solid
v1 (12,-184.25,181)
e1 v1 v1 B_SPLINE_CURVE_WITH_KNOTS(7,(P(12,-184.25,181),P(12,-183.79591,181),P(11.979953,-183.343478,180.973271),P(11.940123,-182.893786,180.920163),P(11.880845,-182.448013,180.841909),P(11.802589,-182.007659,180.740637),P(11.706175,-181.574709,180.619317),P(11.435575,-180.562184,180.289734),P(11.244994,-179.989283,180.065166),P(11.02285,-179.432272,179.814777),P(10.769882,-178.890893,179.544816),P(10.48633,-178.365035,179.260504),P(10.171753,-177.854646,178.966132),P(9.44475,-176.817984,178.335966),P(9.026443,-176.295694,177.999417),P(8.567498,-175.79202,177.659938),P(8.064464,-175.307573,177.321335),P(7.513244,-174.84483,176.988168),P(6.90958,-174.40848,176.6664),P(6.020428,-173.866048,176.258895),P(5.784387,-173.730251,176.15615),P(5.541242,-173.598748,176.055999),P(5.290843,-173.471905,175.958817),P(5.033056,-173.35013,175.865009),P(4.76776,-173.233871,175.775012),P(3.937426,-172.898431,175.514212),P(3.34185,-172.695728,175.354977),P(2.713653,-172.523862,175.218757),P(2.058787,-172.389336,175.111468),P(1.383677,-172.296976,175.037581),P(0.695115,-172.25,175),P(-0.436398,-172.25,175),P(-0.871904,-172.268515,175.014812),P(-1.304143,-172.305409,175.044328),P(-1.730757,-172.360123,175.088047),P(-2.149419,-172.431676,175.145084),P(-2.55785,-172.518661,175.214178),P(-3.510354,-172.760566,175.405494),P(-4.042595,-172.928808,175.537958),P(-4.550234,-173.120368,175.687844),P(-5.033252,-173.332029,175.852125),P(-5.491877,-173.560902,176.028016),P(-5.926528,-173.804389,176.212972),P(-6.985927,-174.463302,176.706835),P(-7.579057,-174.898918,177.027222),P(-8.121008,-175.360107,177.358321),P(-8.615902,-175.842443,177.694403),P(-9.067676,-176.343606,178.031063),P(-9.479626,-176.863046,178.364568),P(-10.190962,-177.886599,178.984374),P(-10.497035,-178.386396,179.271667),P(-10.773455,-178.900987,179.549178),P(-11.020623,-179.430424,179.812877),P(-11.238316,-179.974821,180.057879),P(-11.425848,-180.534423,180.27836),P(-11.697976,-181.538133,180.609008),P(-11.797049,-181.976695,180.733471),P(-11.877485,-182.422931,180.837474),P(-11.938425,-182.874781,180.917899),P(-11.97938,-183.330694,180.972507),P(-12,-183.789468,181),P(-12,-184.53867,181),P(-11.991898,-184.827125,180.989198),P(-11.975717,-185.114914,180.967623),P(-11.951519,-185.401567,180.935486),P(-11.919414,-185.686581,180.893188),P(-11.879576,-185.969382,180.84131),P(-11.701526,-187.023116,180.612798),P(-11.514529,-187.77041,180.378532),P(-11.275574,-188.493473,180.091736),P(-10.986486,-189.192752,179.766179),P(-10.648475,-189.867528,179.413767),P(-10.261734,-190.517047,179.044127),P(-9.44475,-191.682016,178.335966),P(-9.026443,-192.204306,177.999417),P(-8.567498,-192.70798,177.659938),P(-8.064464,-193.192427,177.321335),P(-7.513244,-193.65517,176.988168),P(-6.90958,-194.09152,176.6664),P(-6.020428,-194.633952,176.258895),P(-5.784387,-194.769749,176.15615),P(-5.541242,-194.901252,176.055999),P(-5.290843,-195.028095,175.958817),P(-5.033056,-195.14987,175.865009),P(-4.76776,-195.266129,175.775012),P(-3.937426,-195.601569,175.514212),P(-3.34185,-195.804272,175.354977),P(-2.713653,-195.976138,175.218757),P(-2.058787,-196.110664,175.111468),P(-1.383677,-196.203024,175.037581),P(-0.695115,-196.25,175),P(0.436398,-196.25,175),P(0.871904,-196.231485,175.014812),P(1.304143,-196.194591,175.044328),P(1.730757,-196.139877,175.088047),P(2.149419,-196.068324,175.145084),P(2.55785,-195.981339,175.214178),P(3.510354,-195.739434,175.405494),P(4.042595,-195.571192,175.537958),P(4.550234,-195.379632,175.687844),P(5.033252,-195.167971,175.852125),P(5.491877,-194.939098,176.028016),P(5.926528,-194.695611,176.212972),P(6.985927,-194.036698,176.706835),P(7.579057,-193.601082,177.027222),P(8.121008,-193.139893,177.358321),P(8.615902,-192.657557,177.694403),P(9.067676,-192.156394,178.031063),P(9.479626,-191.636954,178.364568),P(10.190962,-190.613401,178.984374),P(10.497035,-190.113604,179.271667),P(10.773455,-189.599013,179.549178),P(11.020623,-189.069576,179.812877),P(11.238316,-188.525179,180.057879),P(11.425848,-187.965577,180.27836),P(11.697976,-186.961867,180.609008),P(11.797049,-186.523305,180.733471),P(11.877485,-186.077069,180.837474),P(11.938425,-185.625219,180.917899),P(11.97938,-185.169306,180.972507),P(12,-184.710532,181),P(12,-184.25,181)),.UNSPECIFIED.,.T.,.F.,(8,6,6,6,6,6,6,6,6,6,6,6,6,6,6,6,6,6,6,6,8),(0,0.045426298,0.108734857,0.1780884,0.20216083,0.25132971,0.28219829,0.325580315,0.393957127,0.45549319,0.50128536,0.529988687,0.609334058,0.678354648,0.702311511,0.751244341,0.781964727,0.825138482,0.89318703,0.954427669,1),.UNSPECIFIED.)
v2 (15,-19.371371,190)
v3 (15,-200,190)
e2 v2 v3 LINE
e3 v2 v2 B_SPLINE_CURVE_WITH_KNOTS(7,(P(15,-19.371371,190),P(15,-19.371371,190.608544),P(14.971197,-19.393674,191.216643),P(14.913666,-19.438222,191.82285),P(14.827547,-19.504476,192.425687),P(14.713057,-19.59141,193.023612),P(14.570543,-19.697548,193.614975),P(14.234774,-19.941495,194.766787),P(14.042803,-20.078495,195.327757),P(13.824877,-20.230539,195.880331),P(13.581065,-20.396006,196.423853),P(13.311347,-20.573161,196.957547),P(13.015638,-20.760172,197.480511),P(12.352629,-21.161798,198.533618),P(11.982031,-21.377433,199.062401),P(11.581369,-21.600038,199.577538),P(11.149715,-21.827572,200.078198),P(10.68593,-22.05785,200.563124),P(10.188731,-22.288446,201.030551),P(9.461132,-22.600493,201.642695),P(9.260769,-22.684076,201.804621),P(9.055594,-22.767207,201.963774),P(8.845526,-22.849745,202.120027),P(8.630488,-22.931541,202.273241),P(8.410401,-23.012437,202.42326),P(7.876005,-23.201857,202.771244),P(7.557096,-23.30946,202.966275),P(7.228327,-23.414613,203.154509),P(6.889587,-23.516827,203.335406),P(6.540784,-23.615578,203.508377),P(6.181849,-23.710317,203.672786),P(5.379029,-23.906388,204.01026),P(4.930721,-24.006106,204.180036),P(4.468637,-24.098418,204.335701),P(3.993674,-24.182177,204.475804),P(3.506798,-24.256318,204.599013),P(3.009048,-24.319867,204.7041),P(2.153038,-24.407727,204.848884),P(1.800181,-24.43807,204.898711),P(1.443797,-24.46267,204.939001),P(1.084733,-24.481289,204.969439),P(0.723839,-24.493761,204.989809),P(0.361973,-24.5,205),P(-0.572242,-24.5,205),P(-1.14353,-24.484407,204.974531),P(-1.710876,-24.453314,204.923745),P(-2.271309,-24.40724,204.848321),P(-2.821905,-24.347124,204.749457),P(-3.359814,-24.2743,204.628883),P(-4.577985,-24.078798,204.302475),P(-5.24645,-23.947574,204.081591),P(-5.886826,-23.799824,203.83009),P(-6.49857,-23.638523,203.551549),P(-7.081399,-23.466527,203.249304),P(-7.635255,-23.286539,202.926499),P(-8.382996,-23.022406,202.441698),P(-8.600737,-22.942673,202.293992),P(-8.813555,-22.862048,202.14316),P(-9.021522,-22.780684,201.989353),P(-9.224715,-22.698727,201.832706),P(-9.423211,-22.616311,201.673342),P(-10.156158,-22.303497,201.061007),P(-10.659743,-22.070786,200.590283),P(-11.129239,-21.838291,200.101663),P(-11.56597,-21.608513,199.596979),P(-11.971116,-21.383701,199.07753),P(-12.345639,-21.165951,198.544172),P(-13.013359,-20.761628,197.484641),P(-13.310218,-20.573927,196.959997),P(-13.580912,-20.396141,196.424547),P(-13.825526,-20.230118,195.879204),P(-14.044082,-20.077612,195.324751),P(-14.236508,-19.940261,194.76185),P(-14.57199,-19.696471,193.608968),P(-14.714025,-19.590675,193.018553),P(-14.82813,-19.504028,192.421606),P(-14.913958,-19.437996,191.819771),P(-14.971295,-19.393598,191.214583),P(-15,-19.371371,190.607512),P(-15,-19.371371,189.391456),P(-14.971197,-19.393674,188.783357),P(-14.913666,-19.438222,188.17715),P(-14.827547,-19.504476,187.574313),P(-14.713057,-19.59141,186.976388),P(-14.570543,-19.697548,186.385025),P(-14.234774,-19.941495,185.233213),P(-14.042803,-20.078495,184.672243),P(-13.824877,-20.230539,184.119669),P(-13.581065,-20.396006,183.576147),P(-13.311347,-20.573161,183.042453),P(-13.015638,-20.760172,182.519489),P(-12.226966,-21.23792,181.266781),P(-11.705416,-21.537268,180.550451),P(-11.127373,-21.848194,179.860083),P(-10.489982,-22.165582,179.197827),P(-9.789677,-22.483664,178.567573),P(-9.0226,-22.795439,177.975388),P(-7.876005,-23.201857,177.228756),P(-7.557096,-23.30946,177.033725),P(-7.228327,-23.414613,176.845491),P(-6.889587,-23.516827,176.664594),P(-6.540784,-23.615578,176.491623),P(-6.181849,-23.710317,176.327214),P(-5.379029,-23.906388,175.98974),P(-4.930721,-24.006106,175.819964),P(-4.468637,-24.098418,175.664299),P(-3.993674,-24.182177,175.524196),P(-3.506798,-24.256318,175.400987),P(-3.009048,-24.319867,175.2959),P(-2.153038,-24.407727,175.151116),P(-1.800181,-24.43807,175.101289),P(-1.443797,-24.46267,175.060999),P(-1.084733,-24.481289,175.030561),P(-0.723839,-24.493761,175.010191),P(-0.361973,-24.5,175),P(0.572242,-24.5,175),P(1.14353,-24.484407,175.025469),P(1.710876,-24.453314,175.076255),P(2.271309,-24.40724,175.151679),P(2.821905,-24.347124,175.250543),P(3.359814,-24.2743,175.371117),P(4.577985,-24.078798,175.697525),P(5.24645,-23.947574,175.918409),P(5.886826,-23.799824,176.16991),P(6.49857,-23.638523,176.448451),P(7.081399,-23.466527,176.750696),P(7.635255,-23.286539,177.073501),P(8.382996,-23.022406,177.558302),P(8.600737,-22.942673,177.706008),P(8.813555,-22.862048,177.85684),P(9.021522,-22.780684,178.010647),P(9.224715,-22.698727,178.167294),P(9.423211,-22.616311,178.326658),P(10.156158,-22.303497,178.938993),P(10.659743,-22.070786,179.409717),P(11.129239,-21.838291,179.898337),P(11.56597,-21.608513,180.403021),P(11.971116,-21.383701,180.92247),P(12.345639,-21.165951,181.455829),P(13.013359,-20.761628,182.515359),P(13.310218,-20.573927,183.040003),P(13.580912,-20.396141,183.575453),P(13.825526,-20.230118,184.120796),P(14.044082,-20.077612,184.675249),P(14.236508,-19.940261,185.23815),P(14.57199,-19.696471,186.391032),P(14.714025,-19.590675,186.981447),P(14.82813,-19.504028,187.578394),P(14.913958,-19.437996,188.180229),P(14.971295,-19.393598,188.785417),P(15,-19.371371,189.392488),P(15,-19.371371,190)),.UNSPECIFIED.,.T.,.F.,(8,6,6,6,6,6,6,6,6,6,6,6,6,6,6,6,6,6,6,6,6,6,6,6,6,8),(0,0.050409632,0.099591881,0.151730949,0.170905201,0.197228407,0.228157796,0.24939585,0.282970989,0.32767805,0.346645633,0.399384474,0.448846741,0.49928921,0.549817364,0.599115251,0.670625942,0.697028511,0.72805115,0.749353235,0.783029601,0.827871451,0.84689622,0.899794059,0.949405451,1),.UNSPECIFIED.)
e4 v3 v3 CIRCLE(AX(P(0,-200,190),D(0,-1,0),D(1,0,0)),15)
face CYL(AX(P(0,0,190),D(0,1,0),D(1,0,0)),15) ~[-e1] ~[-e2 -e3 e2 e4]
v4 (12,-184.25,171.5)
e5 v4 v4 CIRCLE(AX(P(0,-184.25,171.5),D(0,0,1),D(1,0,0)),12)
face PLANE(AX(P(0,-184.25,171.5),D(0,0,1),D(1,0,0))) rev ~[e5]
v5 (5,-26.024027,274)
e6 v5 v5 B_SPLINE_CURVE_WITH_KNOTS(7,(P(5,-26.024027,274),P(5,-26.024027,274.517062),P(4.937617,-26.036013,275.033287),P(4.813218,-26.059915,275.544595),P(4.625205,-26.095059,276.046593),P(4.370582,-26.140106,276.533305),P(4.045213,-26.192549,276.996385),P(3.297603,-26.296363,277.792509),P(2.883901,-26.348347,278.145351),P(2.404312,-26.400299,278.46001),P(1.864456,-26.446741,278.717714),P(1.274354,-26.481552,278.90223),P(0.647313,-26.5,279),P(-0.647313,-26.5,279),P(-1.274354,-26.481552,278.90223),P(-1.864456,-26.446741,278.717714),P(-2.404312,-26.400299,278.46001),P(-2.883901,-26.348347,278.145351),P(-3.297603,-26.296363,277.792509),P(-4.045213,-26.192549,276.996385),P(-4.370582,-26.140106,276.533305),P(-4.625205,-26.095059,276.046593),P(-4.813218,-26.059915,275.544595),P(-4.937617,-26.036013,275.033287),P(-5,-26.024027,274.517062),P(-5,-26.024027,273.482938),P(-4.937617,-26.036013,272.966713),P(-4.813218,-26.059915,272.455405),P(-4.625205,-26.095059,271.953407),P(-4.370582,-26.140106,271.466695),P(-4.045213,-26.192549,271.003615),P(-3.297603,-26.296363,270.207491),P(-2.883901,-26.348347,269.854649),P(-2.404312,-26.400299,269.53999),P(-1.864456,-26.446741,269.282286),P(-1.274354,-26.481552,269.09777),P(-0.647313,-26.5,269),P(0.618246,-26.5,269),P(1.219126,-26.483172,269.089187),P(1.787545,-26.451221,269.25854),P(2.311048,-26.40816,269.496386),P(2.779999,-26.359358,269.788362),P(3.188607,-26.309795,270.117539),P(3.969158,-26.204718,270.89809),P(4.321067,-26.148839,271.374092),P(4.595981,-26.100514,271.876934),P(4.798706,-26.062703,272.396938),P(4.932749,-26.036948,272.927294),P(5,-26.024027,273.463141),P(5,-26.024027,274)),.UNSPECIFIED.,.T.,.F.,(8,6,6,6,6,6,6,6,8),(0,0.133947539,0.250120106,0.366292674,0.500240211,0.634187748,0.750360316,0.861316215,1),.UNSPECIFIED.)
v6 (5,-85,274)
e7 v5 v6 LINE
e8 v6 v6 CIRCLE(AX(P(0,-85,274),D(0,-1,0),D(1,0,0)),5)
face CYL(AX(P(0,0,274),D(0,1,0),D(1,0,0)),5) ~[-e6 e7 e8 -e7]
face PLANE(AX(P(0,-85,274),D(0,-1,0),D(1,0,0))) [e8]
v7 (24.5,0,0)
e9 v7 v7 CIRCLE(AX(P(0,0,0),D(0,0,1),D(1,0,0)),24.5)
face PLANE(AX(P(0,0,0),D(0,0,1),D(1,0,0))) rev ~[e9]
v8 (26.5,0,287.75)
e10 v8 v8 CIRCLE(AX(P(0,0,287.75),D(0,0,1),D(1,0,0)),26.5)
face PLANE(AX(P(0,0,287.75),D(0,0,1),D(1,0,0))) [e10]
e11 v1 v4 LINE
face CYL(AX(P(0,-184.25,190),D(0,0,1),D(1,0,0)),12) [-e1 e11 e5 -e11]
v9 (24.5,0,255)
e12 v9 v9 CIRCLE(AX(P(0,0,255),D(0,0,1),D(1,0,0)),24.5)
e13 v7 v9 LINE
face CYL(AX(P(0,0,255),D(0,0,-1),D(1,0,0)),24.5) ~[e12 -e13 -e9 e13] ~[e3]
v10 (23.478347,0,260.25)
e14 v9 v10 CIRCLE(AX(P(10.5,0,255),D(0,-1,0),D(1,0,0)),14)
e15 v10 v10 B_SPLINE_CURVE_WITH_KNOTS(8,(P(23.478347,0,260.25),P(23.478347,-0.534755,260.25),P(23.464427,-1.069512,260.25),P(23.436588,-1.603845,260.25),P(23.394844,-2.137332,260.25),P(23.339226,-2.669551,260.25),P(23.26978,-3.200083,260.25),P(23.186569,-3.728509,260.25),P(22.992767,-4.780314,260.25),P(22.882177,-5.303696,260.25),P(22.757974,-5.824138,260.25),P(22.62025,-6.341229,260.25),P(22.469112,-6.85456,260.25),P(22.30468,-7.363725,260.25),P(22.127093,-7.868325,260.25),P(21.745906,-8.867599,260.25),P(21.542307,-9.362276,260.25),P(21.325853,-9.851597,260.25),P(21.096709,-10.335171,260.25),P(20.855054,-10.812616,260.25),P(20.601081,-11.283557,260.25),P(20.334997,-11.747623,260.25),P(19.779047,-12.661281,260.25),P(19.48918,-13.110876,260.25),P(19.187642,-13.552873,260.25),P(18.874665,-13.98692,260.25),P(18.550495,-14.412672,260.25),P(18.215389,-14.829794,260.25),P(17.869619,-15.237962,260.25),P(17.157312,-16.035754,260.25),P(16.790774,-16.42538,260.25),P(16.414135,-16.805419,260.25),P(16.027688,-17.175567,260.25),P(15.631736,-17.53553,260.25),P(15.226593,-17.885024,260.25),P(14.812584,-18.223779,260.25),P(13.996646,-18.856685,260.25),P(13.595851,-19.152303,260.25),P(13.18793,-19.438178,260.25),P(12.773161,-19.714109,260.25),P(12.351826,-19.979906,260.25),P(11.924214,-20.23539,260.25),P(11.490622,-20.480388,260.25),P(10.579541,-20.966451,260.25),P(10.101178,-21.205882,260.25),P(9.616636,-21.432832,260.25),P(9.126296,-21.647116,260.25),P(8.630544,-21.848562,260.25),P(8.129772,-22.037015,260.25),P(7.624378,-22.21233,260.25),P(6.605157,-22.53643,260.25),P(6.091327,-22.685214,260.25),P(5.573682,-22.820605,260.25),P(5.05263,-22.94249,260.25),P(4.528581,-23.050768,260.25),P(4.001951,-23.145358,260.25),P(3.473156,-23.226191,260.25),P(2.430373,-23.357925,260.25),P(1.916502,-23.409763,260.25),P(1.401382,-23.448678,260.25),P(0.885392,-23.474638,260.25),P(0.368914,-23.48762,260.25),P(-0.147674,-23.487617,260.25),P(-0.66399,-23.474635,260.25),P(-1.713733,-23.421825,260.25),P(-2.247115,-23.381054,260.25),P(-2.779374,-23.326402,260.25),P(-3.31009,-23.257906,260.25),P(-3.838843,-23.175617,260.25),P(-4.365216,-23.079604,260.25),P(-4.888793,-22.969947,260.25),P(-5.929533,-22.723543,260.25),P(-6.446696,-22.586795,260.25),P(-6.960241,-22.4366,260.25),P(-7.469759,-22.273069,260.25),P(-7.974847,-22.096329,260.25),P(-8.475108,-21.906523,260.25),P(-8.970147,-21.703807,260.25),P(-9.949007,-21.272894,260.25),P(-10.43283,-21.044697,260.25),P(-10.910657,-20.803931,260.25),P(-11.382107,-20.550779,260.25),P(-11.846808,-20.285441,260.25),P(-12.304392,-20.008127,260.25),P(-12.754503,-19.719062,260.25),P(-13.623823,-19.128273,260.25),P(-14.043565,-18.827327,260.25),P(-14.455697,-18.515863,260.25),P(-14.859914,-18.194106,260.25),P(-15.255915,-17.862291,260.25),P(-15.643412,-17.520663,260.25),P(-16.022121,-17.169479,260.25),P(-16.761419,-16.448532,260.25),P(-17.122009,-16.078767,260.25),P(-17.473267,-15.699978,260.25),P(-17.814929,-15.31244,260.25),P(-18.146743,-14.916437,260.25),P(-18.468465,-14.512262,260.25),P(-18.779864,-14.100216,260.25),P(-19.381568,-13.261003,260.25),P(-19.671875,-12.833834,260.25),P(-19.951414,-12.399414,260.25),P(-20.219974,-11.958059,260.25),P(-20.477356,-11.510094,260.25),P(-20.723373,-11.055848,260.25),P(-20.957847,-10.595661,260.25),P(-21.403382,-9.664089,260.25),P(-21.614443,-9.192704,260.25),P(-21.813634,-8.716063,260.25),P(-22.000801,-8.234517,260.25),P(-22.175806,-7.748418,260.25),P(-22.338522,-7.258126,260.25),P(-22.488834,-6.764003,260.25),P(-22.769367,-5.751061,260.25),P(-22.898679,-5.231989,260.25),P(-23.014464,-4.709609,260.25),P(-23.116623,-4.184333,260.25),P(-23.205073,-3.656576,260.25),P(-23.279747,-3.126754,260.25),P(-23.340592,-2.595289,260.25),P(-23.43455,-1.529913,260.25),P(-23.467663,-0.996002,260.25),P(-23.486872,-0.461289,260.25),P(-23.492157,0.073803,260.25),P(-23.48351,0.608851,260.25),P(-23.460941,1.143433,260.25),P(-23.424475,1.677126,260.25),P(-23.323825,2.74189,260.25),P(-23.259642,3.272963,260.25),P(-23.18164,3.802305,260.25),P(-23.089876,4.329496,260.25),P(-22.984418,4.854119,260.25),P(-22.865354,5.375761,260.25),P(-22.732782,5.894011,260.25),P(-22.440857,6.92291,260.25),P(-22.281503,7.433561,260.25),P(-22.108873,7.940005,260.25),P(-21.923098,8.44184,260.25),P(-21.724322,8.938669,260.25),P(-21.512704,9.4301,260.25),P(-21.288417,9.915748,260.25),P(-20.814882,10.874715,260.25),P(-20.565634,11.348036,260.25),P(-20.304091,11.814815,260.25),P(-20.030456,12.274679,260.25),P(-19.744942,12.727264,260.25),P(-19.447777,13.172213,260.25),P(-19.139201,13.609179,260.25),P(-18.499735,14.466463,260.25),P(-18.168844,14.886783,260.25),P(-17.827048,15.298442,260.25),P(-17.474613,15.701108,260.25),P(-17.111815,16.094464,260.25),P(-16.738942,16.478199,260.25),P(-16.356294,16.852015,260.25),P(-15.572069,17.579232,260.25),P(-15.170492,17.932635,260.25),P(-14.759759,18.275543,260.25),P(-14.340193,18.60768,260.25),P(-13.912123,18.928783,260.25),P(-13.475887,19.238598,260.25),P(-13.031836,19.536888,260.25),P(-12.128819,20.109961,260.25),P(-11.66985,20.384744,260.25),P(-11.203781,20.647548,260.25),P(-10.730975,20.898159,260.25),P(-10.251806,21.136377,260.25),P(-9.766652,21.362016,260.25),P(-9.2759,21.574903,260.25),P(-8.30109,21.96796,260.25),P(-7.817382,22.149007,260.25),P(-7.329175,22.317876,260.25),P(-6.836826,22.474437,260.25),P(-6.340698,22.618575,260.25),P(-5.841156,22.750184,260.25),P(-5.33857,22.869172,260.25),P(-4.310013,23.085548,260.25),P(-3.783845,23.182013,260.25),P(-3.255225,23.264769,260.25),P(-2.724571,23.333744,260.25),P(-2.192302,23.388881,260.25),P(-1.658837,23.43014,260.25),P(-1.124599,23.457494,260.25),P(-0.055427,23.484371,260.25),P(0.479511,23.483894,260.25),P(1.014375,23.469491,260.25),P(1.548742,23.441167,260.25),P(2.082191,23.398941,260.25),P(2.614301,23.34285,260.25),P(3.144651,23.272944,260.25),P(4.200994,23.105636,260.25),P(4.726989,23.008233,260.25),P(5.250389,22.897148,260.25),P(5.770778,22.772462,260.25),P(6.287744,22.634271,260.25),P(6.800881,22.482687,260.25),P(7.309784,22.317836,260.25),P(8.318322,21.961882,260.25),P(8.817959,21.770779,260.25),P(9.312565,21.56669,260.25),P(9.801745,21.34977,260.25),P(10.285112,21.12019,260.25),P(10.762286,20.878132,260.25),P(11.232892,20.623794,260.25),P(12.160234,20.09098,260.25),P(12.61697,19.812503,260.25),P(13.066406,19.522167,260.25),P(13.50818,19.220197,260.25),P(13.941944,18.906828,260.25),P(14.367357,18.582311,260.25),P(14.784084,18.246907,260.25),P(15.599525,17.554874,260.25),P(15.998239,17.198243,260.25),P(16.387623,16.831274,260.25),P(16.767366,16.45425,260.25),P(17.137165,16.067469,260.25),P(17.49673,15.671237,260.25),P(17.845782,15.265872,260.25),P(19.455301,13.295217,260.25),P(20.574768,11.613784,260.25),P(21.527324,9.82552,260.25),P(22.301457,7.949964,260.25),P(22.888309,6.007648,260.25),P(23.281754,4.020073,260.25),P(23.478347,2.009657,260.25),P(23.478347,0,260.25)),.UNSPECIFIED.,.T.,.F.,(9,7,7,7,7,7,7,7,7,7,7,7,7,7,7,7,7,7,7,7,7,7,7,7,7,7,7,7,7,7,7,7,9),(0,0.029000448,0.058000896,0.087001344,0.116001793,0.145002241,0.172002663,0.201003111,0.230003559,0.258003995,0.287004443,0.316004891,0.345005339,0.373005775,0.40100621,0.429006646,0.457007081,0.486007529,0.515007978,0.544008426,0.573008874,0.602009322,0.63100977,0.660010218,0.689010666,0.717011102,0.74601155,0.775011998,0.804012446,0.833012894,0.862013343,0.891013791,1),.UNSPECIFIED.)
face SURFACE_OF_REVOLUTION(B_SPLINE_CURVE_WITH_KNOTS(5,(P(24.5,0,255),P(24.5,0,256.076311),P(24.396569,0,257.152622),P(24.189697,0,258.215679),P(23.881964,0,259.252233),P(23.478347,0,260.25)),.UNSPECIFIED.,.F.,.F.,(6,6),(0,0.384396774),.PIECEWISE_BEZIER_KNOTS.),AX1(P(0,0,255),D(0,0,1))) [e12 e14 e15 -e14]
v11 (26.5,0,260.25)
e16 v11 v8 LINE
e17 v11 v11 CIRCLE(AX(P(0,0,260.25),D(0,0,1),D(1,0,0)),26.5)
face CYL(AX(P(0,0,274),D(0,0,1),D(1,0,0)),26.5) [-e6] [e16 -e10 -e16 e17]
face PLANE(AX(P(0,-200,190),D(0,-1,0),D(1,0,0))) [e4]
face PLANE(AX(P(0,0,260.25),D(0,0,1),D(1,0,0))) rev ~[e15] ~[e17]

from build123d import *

# Parameters (mm, degrees)
F0_R      = 24.5
F1_DEPTH  = 255
F2_R      = 24.5
F3_DEPTH  = 14
F4_R      = 14
F6_R      = 26.5
F7_DEPTH  = 13.75
F8_R      = 5
F9_DEPTH  = 85
F10_R     = 15
F11_DEPTH = 200
F13_R     = 12
F14_DEPTH = 18.5


with BuildPart() as f1:
    # F0 (on Top) → F1 (new body)
    with BuildSketch(Plane.XY):
        Circle(F0_R)
    extrude(amount=F1_DEPTH)

    # F2 (on face) → F3 (join)
    with BuildSketch(Plane.XY.offset(255)):
        Circle(F2_R)
    extrude(amount=F3_DEPTH)

    # F4
    f4_edges = [f1.edges().sort_by_distance(p)[0] for p in [
        (-24.5, 0, 269),
    ]]
    fillet(f4_edges, radius=F4_R)

    # F6 (on offset) → F7 (join, symmetric)
    with BuildSketch(Plane.XY.offset(274)):
        Circle(F6_R)
    extrude(amount=F7_DEPTH, both=True)

    # F8 (on Front) → F9 (join)
    with BuildSketch(Plane.XZ):
        with Locations((0, 274)):
            Circle(F8_R)
    extrude(amount=F9_DEPTH)

    # F10 (on Front) → F11 (join)
    with BuildSketch(Plane.XZ):
        with Locations((0, 190)):
            Circle(F10_R)
    extrude(amount=F11_DEPTH)

    # F13 (on offset) → F14 (join)
    with BuildSketch(Plane.XY.offset(190)):
        with Locations((0, -184.25)):
            Circle(F13_R)
    extrude(amount=-F14_DEPTH)


solid = f1.part
